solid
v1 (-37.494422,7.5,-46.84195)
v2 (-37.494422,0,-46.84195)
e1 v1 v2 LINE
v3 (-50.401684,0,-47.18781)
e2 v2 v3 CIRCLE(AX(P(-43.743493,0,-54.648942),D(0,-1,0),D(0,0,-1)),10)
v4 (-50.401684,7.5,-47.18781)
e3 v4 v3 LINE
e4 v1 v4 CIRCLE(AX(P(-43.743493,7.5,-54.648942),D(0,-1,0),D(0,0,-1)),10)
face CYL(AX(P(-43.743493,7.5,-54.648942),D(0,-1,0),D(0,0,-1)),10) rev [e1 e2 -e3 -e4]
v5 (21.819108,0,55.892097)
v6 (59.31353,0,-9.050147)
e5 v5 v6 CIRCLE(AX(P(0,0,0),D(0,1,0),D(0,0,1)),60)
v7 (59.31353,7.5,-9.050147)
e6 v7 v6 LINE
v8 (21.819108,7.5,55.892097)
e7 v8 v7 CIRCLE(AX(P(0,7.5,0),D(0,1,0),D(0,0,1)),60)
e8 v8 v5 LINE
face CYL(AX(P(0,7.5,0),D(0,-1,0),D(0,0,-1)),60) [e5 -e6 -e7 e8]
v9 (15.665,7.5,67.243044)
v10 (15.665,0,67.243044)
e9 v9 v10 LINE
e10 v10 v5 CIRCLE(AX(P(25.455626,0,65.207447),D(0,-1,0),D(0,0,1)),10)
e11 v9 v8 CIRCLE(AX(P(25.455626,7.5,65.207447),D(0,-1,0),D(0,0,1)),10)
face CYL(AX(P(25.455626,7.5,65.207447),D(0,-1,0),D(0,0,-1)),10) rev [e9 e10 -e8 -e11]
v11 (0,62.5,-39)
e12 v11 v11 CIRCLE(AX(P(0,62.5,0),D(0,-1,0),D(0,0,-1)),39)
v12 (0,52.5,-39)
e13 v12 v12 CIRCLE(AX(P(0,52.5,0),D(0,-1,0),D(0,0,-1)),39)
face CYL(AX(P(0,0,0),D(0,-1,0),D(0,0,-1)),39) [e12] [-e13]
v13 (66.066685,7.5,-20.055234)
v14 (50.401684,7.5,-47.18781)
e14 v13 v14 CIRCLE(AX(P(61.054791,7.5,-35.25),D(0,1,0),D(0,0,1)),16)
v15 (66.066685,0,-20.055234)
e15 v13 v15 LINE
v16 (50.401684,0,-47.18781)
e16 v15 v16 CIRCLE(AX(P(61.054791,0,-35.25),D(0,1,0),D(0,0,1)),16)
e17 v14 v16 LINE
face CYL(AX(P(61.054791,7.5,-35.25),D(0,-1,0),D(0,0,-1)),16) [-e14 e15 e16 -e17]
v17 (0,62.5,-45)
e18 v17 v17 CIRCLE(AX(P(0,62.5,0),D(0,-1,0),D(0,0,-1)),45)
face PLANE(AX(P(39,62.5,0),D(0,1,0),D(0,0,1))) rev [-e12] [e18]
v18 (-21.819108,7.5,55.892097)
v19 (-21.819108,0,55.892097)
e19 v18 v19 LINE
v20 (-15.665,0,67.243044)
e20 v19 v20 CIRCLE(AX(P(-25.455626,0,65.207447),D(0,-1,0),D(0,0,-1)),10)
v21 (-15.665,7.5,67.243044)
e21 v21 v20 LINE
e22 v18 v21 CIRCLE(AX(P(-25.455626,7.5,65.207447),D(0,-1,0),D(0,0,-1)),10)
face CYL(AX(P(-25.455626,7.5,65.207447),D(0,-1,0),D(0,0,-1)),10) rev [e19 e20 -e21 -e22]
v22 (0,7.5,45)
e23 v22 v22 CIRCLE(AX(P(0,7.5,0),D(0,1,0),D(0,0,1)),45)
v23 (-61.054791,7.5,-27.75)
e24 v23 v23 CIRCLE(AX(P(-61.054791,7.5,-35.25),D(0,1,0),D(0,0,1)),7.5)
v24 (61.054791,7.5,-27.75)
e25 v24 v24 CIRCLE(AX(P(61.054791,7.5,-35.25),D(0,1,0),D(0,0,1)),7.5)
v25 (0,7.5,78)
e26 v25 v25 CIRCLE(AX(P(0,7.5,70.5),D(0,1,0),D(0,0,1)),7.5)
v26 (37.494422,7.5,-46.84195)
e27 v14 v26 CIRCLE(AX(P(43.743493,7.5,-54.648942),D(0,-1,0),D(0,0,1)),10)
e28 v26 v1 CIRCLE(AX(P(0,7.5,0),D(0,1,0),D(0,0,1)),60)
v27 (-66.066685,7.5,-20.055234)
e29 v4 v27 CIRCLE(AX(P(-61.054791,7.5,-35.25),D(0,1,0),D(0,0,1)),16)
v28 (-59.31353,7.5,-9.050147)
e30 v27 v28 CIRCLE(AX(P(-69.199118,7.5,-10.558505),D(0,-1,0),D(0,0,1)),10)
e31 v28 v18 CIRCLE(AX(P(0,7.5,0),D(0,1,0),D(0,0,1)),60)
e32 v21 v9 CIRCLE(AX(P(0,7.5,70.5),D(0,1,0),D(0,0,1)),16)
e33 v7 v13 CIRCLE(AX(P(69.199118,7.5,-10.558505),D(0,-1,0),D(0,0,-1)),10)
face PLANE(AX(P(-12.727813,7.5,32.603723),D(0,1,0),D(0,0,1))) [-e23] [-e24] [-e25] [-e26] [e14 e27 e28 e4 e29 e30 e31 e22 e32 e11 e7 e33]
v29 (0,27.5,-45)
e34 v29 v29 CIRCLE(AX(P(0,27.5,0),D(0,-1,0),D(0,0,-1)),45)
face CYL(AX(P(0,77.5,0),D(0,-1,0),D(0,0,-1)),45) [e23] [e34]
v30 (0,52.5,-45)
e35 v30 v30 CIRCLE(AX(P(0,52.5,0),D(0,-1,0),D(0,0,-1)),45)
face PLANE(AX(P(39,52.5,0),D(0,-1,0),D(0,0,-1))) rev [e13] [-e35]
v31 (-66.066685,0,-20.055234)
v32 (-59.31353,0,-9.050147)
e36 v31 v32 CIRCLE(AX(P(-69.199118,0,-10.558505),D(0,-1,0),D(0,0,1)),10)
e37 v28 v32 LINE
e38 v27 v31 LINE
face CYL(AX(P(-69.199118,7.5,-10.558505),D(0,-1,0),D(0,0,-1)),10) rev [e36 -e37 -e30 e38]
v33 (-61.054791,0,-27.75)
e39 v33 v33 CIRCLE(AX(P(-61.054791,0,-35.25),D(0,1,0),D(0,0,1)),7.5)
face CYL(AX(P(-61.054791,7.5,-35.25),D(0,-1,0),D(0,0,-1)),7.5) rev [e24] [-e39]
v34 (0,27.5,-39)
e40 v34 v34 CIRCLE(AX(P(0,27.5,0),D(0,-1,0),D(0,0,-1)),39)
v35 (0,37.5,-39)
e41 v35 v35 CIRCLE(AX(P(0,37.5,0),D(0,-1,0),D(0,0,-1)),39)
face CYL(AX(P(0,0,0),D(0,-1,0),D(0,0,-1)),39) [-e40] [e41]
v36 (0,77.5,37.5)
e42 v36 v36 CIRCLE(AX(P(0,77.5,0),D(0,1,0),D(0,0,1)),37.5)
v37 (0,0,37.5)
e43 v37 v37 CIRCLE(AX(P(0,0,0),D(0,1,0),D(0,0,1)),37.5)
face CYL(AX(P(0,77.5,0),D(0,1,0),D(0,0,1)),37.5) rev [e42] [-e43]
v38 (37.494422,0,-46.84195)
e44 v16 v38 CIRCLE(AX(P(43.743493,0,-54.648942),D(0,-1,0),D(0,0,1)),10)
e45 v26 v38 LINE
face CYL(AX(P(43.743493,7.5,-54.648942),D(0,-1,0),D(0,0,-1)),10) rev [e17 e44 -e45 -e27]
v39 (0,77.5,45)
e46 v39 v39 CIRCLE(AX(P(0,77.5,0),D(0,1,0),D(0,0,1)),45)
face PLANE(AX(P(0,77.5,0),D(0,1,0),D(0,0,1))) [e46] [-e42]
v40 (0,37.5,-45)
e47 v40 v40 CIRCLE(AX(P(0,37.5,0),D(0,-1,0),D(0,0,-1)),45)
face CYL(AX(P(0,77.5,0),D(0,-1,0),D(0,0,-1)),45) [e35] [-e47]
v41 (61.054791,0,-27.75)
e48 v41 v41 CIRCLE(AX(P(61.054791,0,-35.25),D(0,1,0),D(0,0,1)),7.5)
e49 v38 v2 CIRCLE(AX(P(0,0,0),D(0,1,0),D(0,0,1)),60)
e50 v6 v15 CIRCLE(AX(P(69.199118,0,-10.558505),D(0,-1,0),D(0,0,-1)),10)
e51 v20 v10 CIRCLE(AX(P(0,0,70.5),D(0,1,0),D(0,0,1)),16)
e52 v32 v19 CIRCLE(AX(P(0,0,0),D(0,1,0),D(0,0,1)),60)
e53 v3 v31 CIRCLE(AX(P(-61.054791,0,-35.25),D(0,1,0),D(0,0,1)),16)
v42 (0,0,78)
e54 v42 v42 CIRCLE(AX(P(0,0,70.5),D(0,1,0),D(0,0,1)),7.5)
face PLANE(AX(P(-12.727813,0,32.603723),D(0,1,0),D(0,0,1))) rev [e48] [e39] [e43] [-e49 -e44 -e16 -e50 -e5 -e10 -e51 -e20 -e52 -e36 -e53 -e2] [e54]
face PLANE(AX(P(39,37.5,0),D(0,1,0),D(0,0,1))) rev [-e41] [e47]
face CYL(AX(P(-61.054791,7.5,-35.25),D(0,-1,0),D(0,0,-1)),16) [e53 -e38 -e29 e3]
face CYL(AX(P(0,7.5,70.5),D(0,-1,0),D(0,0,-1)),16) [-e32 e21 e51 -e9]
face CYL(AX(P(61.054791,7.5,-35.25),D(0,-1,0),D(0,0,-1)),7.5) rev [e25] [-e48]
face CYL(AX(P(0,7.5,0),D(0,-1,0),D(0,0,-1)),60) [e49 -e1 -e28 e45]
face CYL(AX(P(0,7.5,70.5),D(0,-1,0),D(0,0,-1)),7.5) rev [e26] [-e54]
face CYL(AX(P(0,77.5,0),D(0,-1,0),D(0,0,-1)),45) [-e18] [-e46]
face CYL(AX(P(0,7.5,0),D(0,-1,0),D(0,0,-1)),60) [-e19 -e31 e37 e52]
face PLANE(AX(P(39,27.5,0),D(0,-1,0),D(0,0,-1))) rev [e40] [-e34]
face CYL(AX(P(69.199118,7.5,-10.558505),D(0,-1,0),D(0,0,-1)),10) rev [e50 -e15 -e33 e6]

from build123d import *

# Parameters (mm, degrees)
SKETCH1_R           = 7.5
BOSS_EXTRUDE1_DEPTH = 7.5
SKETCH2_R           = 45
BOSS_EXTRUDE2_DEPTH = 70
SKETCH3_W           = 6
SKETCH3_H           = 10
HOLE1_D             = 75


with BuildPart() as part:
    # Sketch1 → Boss-Extrude1 (new body)
    with BuildSketch(Plane(origin=(0, 0, 0), x_dir=(1, 0, 0), z_dir=(0, 1, 0))):
        with BuildLine():
            ThreePointArc((21.819107759, -55.892097264), (51.961524227, -30), (59.313529981, 9.050147025))
            ThreePointArc((59.313529981, 9.050147025), (60.675902532, 15.788685813), (66.066684717, 20.055233762))
            ThreePointArc((66.066684717, 20.055233762), (74.911197427, 43.25), (50.401684275, 47.187810428))
            ThreePointArc((50.401684275, 47.187810428), (44.011354273, 44.652530083), (37.494422222, 46.841950239))
            ThreePointArc((37.494422222, 46.841950239), (0, 60), (-37.494422222, 46.841950239))
            ThreePointArc((-37.494422222, 46.841950239), (-44.011354273, 44.652530083), (-50.401684275, 47.187810428))
            ThreePointArc((-50.401684275, 47.187810428), (-74.911197427, 43.25), (-66.066684717, 20.055233762))
            ThreePointArc((-66.066684717, 20.055233762), (-60.675902532, 15.788685813), (-59.313529981, 9.050147025))
            ThreePointArc((-59.313529981, 9.050147025), (-51.961524227, -30), (-21.819107759, -55.892097264))
            ThreePointArc((-21.819107759, -55.892097264), (-16.664548259, -60.441215897), (-15.665000442, -67.24304419))
            ThreePointArc((-15.665000442, -67.24304419), (0, -86.5), (15.665000442, -67.24304419))
            ThreePointArc((15.665000442, -67.24304419), (16.664548259, -60.441215897), (21.819107759, -55.892097264))
        make_face()
        with Locations(Location((-61.054790967, 35.25, 0), (0, 0, 270))):
            Circle(SKETCH1_R, mode=Mode.SUBTRACT)
        with Locations(Location((61.054790967, 35.25, 0), (0, 0, 270))):
            Circle(SKETCH1_R, mode=Mode.SUBTRACT)
        with Locations(Location((0, -70.5, 0), (0, 0, 270))):
            Circle(SKETCH1_R, mode=Mode.SUBTRACT)
    extrude(amount=BOSS_EXTRUDE1_DEPTH)

    # Sketch2 → Boss-Extrude2 (add)
    with BuildSketch(Plane(origin=(0, 7.5, 0), x_dir=(1, 0, 0), z_dir=(0, 1, 0))):
        with Locations(Location((0, 0, 0), (0, 0, 270))):
            Circle(SKETCH2_R)
    extrude(amount=BOSS_EXTRUDE2_DEPTH)

    # Sketch3 → Cut-Revolve2 (revolve, cut)
    with BuildSketch(Plane.XY, mode=Mode.PRIVATE) as cut_revolve2_sk:
        with Locations((42, 57.5)):
            Rectangle(SKETCH3_W, SKETCH3_H)
        with Locations((42, 32.5)):
            Rectangle(SKETCH3_W, SKETCH3_H)
    revolve(cut_revolve2_sk.sketch.rotate(Axis((0, 0, 0), (0, 1, 0)), 90), axis=Axis((0, 0, 0), (0, 1, 0)), mode=Mode.SUBTRACT)

    # Hole1 (through all)
    with Locations(Plane(origin=(0, 77.5, 0), x_dir=(1, 0, 0), z_dir=(0, 1, 0))):
        with Locations((0, 0)):
            Hole(HOLE1_D / 2)


solid = part.part
